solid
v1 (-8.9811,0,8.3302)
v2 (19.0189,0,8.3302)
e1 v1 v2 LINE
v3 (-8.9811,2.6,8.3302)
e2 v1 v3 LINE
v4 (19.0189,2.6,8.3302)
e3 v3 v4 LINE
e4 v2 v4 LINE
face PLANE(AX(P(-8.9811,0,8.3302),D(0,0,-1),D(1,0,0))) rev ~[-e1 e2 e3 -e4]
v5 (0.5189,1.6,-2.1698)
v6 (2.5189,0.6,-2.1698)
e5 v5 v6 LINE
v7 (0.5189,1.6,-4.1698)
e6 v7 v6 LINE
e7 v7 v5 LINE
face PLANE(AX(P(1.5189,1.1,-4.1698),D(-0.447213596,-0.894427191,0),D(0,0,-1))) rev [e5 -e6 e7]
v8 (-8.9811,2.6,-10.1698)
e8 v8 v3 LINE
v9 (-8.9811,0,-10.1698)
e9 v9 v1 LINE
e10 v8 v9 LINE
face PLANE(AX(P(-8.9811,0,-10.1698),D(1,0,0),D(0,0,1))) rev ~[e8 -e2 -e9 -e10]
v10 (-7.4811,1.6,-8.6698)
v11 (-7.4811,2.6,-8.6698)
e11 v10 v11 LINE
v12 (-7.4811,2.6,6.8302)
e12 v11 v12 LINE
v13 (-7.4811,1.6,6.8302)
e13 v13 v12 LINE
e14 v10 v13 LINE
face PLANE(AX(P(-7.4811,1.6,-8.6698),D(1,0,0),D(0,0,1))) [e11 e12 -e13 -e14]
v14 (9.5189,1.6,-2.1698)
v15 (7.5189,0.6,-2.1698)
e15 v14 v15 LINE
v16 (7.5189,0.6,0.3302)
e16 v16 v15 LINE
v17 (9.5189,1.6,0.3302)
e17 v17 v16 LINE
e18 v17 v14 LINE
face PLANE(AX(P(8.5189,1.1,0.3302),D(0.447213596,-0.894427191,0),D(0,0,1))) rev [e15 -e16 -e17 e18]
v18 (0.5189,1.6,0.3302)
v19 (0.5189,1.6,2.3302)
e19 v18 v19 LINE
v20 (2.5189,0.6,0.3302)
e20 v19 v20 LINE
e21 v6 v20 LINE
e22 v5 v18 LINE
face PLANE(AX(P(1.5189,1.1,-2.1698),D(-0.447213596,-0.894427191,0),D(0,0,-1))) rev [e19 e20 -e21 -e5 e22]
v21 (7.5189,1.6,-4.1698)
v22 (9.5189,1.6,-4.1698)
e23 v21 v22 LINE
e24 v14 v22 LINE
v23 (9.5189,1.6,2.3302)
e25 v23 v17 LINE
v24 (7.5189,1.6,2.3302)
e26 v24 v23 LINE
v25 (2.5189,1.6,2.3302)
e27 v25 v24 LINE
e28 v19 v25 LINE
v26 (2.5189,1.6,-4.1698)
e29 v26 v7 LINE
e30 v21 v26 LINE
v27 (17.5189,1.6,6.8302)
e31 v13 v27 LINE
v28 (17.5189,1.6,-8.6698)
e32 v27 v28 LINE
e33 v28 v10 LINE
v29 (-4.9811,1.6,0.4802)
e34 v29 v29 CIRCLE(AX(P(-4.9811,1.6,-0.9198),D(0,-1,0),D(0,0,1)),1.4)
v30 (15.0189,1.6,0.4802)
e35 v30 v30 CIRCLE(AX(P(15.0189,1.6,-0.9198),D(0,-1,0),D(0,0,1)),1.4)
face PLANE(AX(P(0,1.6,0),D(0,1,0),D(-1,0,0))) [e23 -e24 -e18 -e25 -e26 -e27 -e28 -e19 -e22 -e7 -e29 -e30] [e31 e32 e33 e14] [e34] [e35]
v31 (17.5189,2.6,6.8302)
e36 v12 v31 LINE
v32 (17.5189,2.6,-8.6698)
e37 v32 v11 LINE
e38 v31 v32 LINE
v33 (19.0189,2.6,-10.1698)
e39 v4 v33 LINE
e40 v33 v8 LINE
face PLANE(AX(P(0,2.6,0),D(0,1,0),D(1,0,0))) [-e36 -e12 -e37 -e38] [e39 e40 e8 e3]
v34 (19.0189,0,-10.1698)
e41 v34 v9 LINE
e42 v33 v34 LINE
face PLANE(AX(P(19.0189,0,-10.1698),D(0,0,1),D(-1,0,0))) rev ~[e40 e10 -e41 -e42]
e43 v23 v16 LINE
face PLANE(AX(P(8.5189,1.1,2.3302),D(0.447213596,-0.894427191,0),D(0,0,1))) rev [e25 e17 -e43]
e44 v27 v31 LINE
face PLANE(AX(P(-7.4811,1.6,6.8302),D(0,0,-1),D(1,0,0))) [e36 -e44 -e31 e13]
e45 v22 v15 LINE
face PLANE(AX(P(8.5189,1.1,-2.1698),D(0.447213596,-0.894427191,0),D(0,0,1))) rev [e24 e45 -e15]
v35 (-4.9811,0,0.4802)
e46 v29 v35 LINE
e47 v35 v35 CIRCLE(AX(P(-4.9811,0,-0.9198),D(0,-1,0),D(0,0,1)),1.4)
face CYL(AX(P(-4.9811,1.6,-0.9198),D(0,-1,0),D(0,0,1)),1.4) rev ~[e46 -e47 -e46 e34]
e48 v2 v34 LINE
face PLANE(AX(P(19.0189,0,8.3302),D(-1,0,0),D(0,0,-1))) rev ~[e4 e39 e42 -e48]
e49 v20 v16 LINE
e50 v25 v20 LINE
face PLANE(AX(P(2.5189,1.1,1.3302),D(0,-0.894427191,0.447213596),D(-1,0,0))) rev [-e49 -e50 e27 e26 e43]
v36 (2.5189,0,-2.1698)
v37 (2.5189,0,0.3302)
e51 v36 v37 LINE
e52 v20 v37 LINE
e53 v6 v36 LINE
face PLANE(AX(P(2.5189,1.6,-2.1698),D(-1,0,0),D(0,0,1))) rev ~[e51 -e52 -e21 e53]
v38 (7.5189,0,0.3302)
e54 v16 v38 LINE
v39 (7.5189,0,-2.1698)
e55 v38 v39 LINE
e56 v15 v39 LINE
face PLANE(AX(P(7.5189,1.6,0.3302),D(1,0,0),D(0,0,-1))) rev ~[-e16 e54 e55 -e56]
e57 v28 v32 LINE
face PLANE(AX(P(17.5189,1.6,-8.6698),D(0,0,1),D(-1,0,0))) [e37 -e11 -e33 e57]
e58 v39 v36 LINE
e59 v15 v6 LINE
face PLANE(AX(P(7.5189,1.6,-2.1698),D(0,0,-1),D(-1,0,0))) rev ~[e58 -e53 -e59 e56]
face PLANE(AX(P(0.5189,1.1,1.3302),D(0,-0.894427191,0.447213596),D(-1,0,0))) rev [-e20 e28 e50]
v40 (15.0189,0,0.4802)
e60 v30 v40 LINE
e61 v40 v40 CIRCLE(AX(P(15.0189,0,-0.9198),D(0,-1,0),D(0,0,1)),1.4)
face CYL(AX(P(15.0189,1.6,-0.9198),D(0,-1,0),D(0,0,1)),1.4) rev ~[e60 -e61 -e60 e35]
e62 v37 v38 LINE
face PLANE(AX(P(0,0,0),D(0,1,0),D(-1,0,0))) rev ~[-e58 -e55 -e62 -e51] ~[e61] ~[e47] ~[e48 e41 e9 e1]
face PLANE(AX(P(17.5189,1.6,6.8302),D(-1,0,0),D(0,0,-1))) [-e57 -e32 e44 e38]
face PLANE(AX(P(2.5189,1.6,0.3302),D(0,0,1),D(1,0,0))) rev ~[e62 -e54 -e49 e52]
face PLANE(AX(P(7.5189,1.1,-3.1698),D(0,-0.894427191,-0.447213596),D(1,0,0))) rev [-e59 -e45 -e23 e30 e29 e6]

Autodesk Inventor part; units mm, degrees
ref_plane "YZ Plane" through (0, 0, 0) normal (1, 0, 0) x (0, 1, 0)
ref_plane "XZ Plane" through (0, 0, 0) normal (0, 1, 0) x (-1, 0, 0)
ref_plane "XY Plane" through (0, 0, 0) normal (0, 0, 1) x (1, 0, 0)
sketch "Эскиз1" plane through (0, 0, 0) normal (0, 1, 0) x (-1, 0, 0)
  line L0 (8.9811, 8.3302) -> (-19.0189, 8.3302)
  line L1 (-19.0189, 8.3302) -> (-19.0189, -10.1698)
  line L2 (-19.0189, -10.1698) -> (8.9811, -10.1698)
  line L3 (8.9811, -10.1698) -> (8.9811, 8.3302)
  point P0 (0, 0)
  dimension "d0" = 28
  dimension "d1" = 18.5
extrude "Выдавливание1" add sketch "Эскиз1" along normal blind 1.6
sketch "Эскиз2" plane through (0, 1.6, 0) normal (0, 1, 0) x (1, 0, 0)
  line L0 (-8.9811, -8.3302) -> (19.0189, -8.3302) projected
  line L1 (19.0189, -8.3302) -> (19.0189, 10.1698) projected
  line L2 (19.0189, 10.1698) -> (-8.9811, 10.1698) projected
  line L3 (-8.9811, 10.1698) -> (-8.9811, -8.3302) projected
  line L4 (-7.4811, -6.8302) -> (17.5189, -6.8302)
  line L5 (17.5189, -6.8302) -> (17.5189, 8.6698)
  line L6 (17.5189, 8.6698) -> (-7.4811, 8.6698)
  line L7 (-7.4811, 8.6698) -> (-7.4811, -6.8302)
  point P0 (0, 0)
  dimension "d4" = 1.5
extrude "Выдавливание2" add sketch "Эскиз2" along normal blind 1
sketch "Эскиз3" plane through (0, 1.6, 0) normal (0, 1, 0) x (1, 0, 0)
  line L0 (2.5189, -0.3302) -> (7.5189, -0.3302)
  line L1 (7.5189, -0.3302) -> (7.5189, 2.1698)
  line L2 (7.5189, 2.1698) -> (2.5189, 2.1698)
  line L3 (2.5189, 2.1698) -> (2.5189, -0.3302)
  line L4 (-7.4811, 8.6698) -> (-7.4811, -6.8302) construction
  line L5 (-7.4811, -6.8302) -> (17.5189, -6.8302) construction
  line L6 (17.5189, -6.8302) -> (17.5189, 8.6698) construction
  line L7 (17.5189, 8.6698) -> (-7.4811, 8.6698) construction
  line L8 (5.0189, -0.3302) -> (5.0189, -6.8302) construction
  line L9 (5.0189, 2.1698) -> (5.0189, 8.6698) construction
  line L10 (-7.4811, 0.9198) -> (2.5189, 0.9198) construction
  line L11 (7.5189, 0.9198) -> (17.5189, 0.9198) construction
  point P0 (0, 0)
  dimension "d7" = 5
  dimension "d8" = 2.5
extrude "Выдавливание3" cut sketch "Эскиз3" against normal through all
chamfer "Фаска1" distance 2 distance2 1 1 edges at (5.0189, 1.6, -2.1698) measured on face at (5.8522, 1.6, -6.5031)
chamfer "Фаска2" distance 2 distance2 1 1 edges at (2.5189, 1.6, -0.9198) measured on face at (5.8522, 1.6, 4.6635)
chamfer "Фаска3" distance 2 distance2 1 1 edges at (5.0189, 1.6, 0.3302) measured on face at (5.8522, 1.6, 4.6635)
chamfer "Фаска4" distance 2 distance2 1 1 edges at (7.5189, 1.6, -0.9198) measured on face at (14.1855, 1.6, -0.5031)
sketch "Эскиз4" plane through (0, 1.6, 0) normal (0, 1, 0) x (1, 0, 0)
  line L0 (-7.4811, 8.6698) -> (17.5189, 8.6698) projected
  line L1 (-4.9811, 0.9198) -> (-7.4811, 0.9198) construction
  line L2 (15.0189, 0.9198) -> (17.5189, 0.9198) construction
  line L3 (-7.4811, -6.8302) -> (-7.4811, 8.6698) construction
  line L4 (17.5189, 8.6698) -> (17.5189, -6.8302) construction
  point P0 (0, 0)
  dimension "d24" = 20
hole "Отверстие1" at (15.0189, 1.6, -0.9198) at (-4.9811, 1.6, -0.9198) direction (0, -1, 0) diameter 2.8 end through all
properties part number "SensorShield"
